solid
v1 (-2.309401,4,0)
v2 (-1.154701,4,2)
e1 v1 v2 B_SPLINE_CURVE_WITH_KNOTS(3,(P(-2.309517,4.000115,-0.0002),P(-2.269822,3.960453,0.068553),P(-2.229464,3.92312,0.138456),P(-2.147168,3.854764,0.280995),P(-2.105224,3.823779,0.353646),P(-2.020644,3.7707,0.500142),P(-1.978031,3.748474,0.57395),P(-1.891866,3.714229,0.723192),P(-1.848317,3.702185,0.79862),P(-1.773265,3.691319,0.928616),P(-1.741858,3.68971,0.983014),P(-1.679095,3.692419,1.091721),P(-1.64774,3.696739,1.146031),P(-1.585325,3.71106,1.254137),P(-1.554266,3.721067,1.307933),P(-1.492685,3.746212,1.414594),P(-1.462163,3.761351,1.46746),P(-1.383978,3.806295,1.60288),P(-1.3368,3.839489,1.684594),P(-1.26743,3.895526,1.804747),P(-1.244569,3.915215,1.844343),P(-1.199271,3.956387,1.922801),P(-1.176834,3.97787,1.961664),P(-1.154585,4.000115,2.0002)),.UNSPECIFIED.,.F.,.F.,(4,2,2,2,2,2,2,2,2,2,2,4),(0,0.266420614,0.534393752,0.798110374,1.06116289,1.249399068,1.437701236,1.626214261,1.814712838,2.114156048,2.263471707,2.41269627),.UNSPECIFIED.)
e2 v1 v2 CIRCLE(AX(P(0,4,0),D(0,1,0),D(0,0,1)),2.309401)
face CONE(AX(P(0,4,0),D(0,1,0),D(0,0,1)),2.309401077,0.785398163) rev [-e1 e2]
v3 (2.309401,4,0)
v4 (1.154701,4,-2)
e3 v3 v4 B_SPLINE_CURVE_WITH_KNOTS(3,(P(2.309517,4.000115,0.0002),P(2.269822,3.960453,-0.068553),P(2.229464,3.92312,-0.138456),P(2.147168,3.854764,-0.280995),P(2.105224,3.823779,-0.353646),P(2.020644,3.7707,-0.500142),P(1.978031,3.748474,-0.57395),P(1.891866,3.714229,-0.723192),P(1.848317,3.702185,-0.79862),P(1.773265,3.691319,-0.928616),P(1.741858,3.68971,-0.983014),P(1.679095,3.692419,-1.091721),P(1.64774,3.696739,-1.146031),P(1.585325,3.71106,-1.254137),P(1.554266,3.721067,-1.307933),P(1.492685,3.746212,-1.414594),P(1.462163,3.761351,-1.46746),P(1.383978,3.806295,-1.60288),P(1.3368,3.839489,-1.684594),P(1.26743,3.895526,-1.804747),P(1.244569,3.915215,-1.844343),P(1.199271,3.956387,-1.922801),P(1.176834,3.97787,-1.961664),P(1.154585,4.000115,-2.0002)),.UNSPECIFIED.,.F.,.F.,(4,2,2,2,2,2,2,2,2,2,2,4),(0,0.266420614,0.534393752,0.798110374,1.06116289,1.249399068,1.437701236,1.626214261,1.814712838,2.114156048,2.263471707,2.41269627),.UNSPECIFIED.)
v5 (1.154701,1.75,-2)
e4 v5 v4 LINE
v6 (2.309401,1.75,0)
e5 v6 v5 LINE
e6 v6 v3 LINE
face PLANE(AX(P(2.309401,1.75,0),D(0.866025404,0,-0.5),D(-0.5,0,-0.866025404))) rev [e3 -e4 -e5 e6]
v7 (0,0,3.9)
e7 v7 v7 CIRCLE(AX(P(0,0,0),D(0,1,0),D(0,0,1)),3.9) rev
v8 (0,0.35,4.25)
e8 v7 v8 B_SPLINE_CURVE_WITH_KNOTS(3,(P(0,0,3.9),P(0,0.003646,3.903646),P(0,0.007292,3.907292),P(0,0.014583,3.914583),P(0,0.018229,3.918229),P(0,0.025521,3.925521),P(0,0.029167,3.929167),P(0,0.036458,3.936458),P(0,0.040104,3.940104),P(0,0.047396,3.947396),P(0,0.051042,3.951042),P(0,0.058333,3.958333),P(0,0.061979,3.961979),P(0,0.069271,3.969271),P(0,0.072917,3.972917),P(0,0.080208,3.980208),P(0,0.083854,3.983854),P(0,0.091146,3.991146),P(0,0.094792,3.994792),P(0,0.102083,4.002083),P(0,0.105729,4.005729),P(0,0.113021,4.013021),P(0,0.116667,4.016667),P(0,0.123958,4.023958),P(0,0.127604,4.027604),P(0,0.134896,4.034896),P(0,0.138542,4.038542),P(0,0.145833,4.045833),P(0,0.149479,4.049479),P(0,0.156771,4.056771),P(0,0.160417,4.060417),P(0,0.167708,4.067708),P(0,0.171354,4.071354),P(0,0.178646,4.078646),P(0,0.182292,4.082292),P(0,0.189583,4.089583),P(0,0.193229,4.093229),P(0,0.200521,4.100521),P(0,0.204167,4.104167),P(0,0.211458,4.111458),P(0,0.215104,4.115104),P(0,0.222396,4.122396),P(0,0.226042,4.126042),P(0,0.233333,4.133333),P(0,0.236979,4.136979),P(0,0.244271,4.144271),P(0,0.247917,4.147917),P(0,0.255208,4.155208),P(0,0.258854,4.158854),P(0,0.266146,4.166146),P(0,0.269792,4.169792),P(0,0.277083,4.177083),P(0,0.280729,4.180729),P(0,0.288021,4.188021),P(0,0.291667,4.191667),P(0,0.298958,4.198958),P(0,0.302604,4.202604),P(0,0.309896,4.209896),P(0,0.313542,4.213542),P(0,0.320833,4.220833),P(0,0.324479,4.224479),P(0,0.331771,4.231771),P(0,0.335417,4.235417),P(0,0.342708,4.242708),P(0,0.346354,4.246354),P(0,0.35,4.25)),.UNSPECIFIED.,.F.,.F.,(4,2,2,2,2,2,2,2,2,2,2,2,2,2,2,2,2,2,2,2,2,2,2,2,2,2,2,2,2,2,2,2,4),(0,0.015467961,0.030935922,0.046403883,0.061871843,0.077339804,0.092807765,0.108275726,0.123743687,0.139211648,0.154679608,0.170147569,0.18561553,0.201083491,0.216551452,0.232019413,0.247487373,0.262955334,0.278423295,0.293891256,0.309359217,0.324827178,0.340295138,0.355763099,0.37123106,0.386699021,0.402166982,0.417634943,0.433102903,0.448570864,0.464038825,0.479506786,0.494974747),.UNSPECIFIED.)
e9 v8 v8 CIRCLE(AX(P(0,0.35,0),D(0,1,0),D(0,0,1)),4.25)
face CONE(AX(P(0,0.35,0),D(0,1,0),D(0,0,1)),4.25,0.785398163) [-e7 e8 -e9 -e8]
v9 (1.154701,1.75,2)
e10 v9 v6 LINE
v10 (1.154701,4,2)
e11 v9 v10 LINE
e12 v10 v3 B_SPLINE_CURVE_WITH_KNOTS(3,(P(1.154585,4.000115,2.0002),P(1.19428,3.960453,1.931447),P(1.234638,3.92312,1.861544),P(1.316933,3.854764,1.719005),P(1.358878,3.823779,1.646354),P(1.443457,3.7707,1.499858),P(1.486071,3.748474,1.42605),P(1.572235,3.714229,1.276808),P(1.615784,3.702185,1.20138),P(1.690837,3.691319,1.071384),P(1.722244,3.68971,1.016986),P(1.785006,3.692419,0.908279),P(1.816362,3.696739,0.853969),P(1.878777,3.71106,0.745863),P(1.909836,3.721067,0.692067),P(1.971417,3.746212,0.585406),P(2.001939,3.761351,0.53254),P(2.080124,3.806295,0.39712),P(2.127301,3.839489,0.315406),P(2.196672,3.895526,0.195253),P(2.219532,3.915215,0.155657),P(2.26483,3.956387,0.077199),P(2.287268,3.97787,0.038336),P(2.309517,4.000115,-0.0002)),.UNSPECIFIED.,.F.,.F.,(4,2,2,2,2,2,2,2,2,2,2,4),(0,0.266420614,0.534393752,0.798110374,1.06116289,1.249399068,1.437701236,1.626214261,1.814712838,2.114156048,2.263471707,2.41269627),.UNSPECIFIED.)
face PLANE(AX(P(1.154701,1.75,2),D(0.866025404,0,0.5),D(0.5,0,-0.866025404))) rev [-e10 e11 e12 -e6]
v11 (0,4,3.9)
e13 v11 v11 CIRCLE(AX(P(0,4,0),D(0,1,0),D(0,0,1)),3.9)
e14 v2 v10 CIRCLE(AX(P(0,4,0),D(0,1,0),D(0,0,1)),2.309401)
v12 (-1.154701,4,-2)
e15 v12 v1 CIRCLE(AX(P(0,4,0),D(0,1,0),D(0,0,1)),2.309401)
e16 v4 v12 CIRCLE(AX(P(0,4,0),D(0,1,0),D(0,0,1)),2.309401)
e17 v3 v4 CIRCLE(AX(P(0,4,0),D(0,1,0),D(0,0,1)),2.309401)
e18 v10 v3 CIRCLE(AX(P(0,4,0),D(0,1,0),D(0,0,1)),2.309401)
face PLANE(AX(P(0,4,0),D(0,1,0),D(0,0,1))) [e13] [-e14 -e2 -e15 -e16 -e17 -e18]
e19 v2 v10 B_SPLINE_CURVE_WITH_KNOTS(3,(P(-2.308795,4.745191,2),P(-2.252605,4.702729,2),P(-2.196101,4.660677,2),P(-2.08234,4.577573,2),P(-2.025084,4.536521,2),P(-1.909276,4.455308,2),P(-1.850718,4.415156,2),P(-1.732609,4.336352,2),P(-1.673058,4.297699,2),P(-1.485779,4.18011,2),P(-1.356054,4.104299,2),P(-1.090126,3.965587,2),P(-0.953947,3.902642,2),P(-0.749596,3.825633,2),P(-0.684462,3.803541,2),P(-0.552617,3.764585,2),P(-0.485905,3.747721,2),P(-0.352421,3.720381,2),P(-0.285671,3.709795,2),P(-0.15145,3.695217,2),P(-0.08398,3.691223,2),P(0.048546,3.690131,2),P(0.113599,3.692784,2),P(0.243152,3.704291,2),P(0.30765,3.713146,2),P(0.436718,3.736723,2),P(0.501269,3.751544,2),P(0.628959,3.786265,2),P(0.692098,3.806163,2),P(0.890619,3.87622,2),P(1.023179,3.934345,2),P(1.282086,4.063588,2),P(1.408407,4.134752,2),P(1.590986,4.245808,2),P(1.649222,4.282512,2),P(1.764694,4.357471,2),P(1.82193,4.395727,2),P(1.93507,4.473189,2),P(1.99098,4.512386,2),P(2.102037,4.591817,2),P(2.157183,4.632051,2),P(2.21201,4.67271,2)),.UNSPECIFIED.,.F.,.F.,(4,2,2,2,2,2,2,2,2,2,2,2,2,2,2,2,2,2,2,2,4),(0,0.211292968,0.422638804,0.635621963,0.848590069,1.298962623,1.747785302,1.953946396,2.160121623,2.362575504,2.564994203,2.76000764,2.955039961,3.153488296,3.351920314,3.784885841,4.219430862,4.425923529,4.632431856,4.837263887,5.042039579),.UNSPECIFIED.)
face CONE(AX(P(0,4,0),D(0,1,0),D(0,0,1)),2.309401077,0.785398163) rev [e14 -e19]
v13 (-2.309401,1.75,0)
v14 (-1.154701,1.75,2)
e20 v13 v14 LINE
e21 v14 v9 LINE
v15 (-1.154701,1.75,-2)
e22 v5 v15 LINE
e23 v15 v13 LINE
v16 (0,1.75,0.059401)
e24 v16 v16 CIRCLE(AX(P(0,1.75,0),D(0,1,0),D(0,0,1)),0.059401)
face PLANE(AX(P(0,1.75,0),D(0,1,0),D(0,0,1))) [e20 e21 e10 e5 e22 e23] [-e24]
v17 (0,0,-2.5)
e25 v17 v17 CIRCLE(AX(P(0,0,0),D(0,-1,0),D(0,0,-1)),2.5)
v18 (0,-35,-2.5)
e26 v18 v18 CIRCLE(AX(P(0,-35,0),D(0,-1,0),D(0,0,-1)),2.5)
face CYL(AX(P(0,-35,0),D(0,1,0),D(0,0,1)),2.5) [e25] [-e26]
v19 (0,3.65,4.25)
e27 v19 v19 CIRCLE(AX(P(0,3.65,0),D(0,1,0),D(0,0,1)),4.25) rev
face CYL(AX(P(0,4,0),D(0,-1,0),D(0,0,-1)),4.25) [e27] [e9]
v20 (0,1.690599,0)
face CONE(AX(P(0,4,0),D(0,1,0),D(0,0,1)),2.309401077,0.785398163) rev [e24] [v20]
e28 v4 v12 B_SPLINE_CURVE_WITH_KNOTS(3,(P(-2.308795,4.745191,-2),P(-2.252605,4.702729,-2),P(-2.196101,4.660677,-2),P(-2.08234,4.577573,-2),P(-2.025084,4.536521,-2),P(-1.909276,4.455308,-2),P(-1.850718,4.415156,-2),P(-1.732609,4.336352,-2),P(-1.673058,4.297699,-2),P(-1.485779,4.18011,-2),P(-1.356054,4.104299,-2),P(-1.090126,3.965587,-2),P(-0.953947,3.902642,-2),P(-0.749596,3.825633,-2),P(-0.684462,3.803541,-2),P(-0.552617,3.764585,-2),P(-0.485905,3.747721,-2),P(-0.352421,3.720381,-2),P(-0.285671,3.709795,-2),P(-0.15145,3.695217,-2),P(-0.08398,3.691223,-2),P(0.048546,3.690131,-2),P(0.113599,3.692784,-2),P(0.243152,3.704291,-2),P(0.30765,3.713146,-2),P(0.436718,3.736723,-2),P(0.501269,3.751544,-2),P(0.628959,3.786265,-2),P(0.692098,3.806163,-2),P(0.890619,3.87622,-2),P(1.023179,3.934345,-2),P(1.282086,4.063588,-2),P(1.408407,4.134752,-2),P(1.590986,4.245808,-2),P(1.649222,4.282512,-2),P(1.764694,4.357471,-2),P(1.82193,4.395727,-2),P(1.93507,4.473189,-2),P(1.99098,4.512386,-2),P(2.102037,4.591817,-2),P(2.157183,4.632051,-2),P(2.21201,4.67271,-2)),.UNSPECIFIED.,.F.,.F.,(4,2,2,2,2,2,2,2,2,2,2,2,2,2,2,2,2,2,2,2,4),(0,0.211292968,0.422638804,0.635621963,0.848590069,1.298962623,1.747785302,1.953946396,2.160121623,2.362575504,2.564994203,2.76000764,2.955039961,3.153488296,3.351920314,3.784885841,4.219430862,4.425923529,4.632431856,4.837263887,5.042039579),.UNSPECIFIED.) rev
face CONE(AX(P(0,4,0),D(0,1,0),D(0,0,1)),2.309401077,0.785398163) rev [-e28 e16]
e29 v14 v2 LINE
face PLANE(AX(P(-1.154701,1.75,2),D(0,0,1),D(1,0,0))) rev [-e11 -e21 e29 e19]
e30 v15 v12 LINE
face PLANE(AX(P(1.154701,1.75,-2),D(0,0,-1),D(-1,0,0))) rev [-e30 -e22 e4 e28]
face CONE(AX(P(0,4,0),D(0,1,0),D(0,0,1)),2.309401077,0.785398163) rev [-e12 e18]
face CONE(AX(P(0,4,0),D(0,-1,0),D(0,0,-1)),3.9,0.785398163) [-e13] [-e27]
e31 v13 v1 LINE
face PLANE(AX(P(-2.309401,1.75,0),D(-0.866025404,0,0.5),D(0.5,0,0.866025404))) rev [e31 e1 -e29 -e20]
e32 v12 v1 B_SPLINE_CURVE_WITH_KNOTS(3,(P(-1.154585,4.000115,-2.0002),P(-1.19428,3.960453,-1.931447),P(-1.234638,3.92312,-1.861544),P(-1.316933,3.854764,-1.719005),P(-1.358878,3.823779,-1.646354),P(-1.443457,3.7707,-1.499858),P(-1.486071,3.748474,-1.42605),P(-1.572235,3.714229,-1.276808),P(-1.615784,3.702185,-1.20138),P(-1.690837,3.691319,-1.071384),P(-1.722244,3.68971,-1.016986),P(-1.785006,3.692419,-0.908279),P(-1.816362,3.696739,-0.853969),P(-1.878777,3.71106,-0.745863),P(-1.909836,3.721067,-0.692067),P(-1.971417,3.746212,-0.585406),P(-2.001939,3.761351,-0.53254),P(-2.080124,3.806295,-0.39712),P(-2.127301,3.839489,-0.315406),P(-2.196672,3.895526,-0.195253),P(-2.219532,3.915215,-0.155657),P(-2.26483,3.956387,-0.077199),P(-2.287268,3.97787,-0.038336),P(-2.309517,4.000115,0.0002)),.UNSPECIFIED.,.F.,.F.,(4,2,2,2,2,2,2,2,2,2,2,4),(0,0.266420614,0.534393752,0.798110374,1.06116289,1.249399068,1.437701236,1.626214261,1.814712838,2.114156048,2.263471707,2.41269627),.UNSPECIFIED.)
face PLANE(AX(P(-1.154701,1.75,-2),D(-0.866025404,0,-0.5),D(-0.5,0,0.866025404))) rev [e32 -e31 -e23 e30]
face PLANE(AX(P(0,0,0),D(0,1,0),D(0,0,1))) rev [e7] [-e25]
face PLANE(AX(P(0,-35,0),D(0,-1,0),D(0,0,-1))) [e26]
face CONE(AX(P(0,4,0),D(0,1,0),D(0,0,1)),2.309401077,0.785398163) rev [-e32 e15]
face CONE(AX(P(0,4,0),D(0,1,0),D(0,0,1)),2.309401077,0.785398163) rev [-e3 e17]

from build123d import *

# Parameters (mm, degrees)
SKETCH1_R           = 4.25
BOSS_EXTRUDE1_DEPTH = 4
CUT_EXTRUDE1_DEPTH  = 2.25
CHAMFER1_SIZE       = 0.35
SKETCH_1_R          = 2.5
EXTRUDE_1_DEPTH     = 35


with BuildPart() as part:
    # Sketch1 → Boss-Extrude1 (new body)
    with BuildSketch(Plane(origin=(0, 0, 0), x_dir=(1, 0, 0), z_dir=(0, 1, 0))):
        with Locations(Location((0, 0, 0), (0, 0, 270))):
            Circle(SKETCH1_R)
    extrude(amount=BOSS_EXTRUDE1_DEPTH)

    # Sketch2 → Cut-Extrude1 (cut)
    with BuildSketch(Plane(origin=(0, 4, 0), x_dir=(1, 0, 0), z_dir=(0, 1, 0))):
        Polygon((1.154700538, 2), (-1.154700538, 2), (-2.309401077, 0), (-1.154700538, -2), (1.154700538, -2), (2.309401077, 0), align=None)
    extrude(amount=-CUT_EXTRUDE1_DEPTH, mode=Mode.SUBTRACT)

    # Cut-Extrude2 cone 1 section (through the dimple's axis) → Cut-Extrude2 (revolve, cut)
    with BuildSketch(Plane(origin=(0, 4, 0), x_dir=(0, 0, 1), z_dir=(1, 0, 0))):
        Polygon((0, 0), (2.309401077, 0), (0, 2.309401077), align=None)
    revolve(axis=Axis((0, 4, 0), (0, -1, 0)), mode=Mode.SUBTRACT)

    # Chamfer1
    chamfer1_edges = [part.edges().sort_by_distance(p)[0] for p in [
        (0, 0, -4.25),
        (0, 4, -4.25),
    ]]
    chamfer(chamfer1_edges, length=CHAMFER1_SIZE)

    # 草图1 → 凸台-拉伸1 (add)
    with BuildSketch(Plane(origin=(0, 0, 0), x_dir=(-1, 0, 0), z_dir=(0, -1, 0))):
        with Locations(Location((0, 0, 0), (0, 0, 90))):
            Circle(SKETCH_1_R)
    extrude(amount=EXTRUDE_1_DEPTH)


solid = part.part
